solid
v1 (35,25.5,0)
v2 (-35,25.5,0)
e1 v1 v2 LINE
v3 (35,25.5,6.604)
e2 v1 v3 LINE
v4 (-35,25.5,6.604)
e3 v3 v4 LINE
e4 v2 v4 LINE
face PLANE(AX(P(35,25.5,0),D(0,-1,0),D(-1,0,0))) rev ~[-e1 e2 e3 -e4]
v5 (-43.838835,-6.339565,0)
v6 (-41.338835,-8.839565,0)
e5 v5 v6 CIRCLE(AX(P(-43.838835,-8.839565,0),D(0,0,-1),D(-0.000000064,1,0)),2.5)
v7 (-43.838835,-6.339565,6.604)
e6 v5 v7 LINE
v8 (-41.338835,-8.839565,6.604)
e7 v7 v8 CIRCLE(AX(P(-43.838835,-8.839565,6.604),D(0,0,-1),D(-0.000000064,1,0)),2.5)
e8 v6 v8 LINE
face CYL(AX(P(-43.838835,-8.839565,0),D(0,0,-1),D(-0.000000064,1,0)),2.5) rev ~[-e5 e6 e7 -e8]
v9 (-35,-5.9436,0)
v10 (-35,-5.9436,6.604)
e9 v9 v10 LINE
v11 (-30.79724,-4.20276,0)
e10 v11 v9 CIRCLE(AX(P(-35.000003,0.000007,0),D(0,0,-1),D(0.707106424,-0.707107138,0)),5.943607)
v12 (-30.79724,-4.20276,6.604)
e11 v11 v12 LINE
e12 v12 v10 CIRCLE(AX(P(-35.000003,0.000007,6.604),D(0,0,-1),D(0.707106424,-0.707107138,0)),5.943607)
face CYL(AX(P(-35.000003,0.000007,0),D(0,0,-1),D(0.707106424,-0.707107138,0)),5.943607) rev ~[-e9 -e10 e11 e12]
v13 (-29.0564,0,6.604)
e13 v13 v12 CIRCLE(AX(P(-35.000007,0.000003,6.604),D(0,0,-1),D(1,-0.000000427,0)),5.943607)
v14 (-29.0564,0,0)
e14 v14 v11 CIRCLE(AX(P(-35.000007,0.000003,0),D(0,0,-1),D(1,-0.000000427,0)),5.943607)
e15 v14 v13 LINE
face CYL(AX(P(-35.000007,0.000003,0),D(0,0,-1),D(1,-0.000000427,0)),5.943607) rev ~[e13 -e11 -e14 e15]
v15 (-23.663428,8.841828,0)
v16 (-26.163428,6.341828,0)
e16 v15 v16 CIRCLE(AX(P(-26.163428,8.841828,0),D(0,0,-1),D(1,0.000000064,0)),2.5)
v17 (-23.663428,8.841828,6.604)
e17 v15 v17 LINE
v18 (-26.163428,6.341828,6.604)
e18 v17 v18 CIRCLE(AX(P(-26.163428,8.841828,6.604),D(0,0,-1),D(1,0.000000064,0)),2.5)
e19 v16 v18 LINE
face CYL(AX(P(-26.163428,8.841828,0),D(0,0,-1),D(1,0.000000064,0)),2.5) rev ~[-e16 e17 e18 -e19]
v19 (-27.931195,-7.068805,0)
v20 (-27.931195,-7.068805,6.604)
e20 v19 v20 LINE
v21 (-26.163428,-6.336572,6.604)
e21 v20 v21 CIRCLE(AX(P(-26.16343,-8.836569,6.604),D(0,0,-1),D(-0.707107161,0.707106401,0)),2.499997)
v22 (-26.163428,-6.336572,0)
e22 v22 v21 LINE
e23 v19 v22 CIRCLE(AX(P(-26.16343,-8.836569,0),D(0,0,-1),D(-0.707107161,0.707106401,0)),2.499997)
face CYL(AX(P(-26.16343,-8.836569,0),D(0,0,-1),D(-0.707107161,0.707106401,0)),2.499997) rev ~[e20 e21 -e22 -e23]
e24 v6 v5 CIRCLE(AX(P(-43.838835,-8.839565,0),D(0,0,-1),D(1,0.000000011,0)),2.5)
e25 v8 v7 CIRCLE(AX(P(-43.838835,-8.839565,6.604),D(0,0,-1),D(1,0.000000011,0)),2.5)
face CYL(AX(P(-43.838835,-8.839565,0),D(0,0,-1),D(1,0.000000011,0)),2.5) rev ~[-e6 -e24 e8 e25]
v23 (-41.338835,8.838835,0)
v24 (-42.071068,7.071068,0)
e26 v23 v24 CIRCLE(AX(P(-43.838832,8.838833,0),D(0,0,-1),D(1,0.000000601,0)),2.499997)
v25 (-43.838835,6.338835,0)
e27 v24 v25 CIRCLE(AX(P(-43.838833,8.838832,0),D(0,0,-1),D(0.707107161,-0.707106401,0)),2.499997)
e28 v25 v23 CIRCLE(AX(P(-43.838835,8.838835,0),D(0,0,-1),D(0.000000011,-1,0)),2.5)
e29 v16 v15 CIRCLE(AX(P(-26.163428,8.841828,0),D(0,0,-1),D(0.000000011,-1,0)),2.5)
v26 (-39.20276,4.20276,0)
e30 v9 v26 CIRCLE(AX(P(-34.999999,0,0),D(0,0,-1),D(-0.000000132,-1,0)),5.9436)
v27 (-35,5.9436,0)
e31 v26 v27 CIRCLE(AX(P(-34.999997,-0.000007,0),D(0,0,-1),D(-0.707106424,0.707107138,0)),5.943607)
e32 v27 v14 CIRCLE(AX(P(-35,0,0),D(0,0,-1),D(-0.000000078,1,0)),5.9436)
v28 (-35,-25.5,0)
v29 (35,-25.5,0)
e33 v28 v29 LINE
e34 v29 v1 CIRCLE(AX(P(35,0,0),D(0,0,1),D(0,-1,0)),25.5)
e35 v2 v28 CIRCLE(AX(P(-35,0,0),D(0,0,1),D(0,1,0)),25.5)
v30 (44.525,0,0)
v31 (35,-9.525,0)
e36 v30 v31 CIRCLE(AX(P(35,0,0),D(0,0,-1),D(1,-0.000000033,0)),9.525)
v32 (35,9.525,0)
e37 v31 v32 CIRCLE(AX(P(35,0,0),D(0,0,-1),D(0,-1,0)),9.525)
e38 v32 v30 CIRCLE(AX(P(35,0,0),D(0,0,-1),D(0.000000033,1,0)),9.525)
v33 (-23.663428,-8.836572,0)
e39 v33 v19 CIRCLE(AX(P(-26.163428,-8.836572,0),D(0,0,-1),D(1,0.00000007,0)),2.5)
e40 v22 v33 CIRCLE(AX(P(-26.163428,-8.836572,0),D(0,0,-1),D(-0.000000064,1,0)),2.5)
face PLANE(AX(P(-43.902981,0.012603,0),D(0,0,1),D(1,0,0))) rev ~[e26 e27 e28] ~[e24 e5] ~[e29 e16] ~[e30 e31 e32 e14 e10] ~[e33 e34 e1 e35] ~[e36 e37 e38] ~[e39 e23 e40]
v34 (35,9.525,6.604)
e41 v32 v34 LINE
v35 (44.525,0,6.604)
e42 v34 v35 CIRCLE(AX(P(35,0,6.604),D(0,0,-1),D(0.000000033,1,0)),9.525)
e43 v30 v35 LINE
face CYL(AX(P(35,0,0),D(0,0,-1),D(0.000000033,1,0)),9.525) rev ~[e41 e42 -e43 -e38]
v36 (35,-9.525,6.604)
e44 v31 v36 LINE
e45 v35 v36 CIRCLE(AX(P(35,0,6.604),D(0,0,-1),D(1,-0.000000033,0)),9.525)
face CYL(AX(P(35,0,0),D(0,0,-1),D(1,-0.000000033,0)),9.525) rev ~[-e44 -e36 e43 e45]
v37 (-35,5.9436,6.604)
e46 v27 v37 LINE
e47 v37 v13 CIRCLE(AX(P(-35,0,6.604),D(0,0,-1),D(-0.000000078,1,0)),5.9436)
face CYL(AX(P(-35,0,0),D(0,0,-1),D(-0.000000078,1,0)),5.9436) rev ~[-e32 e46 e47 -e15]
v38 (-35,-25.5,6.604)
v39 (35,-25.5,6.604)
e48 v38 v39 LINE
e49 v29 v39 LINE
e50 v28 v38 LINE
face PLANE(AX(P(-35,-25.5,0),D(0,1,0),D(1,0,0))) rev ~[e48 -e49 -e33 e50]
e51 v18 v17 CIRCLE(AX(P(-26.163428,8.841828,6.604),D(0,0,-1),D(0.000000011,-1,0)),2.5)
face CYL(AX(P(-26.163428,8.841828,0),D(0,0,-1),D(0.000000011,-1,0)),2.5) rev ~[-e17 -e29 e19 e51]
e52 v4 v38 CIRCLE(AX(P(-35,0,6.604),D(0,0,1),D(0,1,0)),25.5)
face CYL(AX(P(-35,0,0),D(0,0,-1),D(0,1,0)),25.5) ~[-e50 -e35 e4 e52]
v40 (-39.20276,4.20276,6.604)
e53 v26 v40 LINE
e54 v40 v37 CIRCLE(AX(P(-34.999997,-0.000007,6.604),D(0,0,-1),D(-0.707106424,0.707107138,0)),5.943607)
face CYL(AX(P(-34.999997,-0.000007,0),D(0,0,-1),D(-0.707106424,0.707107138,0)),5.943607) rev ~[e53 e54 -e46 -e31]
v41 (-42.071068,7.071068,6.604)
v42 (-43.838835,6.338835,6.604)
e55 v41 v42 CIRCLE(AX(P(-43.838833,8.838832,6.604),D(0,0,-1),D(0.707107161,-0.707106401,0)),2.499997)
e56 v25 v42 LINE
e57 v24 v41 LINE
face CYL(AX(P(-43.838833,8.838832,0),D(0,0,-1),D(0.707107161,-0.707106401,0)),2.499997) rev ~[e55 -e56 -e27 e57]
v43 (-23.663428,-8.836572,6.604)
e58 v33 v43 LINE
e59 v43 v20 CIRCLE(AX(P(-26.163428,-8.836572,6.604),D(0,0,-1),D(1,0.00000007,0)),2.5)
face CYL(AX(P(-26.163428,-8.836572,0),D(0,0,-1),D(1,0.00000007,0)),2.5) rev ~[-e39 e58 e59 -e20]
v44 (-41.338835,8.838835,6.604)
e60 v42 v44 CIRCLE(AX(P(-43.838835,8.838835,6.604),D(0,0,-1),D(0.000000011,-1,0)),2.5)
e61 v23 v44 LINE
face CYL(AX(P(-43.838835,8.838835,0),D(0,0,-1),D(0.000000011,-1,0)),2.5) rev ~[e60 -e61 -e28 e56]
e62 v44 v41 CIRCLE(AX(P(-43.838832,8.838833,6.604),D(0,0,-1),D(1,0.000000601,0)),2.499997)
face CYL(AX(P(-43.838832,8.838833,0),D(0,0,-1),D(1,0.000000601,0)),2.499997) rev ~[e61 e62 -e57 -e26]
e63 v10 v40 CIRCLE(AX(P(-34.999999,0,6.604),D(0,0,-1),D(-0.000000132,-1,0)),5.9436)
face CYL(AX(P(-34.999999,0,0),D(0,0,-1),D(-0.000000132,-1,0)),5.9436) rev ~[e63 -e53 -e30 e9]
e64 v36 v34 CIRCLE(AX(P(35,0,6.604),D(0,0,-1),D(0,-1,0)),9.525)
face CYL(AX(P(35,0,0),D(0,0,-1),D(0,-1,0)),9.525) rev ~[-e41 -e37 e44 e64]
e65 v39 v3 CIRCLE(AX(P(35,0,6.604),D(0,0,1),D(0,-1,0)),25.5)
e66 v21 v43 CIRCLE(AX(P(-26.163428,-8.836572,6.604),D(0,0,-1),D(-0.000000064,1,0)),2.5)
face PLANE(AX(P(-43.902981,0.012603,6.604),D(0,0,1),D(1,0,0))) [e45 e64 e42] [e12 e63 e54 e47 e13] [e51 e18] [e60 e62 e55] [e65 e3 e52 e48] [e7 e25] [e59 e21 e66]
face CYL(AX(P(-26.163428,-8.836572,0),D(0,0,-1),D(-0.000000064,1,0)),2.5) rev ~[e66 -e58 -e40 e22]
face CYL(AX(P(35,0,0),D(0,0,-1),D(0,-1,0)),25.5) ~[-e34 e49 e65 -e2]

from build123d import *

# Parameters (mm, degrees)
F1_DEPTH = 6.604


with BuildPart() as f1:
    # F0 (on Top) → F1 (new body)
    with BuildSketch(Plane.XY):
        with BuildLine():
            Line((-35, 5.9436), (-35, 25.5))
            ThreePointArc((-35, 25.5), (-60.5, 0), (-35, -25.5))
            Line((-35, -25.5), (-35, -5.9436))
            ThreePointArc((-35, -5.9436), (-40.49117, -2.274517), (-39.20276, 4.20276))
            ThreePointArc((-39.20276, 4.20276), (-37.274517, 5.49117), (-35, 5.9436))
        make_face()
        with BuildLine():
            ThreePointArc((-41.338835, -8.839565), (-45.606602, -10.607332), (-43.838835, -6.339565))
            ThreePointArc((-43.838835, -6.339565), (-42.071068, -7.071798), (-41.338835, -8.839565))
        make_face(mode=Mode.SUBTRACT)
        with BuildLine():
            ThreePointArc((-41.338835, 8.838835), (-41.529136, 7.882126), (-42.071068, 7.071068))
            ThreePointArc((-42.071068, 7.071068), (-42.882126, 6.529136), (-43.838835, 6.338835))
            ThreePointArc((-43.838835, 6.338835), (-45.606602, 10.606602), (-41.338835, 8.838835))
        make_face(mode=Mode.SUBTRACT)
        with BuildLine():
            Line((35, 9.525), (35, 25.5))
            Line((35, 25.5), (-35, 25.5))
            Line((-35, 25.5), (-35, 5.9436))
            ThreePointArc((-35, 5.9436), (-30.79724, 4.20276), (-29.0564, 0))
            ThreePointArc((-29.0564, 0), (-29.50883, -2.274517), (-30.79724, -4.20276))
            ThreePointArc((-30.79724, -4.20276), (-32.725483, -5.49117), (-35, -5.9436))
            Line((-35, -5.9436), (-35, -25.5))
            Line((-35, -25.5), (35, -25.5))
            Line((35, -25.5), (35, -9.525))
            ThreePointArc((35, -9.525), (25.475, 0), (35, 9.525))
        make_face()
        with BuildLine():
            ThreePointArc((-23.663428, -8.836572), (-27.120137, -11.146271), (-27.931195, -7.068805))
            ThreePointArc((-27.931195, -7.068805), (-27.120137, -6.526873), (-26.163428, -6.336572))
            ThreePointArc((-26.163428, -6.336572), (-24.395661, -7.068805), (-23.663428, -8.836572))
        make_face(mode=Mode.SUBTRACT)
        with BuildLine():
            ThreePointArc((-23.663428, 8.841828), (-24.395661, 7.074061), (-26.163428, 6.341828))
            ThreePointArc((-26.163428, 6.341828), (-27.931195, 10.609595), (-23.663428, 8.841828))
        make_face(mode=Mode.SUBTRACT)
        with BuildLine():
            ThreePointArc((35, -25.5), (60.5, 0), (35, 25.5))
            Line((35, 25.5), (35, 9.525))
            ThreePointArc((35, 9.525), (41.735192, 6.735192), (44.525, 0))
            ThreePointArc((44.525, 0), (41.735192, -6.735192), (35, -9.525))
            Line((35, -9.525), (35, -25.5))
        make_face()
    extrude(amount=F1_DEPTH)


solid = f1.part
